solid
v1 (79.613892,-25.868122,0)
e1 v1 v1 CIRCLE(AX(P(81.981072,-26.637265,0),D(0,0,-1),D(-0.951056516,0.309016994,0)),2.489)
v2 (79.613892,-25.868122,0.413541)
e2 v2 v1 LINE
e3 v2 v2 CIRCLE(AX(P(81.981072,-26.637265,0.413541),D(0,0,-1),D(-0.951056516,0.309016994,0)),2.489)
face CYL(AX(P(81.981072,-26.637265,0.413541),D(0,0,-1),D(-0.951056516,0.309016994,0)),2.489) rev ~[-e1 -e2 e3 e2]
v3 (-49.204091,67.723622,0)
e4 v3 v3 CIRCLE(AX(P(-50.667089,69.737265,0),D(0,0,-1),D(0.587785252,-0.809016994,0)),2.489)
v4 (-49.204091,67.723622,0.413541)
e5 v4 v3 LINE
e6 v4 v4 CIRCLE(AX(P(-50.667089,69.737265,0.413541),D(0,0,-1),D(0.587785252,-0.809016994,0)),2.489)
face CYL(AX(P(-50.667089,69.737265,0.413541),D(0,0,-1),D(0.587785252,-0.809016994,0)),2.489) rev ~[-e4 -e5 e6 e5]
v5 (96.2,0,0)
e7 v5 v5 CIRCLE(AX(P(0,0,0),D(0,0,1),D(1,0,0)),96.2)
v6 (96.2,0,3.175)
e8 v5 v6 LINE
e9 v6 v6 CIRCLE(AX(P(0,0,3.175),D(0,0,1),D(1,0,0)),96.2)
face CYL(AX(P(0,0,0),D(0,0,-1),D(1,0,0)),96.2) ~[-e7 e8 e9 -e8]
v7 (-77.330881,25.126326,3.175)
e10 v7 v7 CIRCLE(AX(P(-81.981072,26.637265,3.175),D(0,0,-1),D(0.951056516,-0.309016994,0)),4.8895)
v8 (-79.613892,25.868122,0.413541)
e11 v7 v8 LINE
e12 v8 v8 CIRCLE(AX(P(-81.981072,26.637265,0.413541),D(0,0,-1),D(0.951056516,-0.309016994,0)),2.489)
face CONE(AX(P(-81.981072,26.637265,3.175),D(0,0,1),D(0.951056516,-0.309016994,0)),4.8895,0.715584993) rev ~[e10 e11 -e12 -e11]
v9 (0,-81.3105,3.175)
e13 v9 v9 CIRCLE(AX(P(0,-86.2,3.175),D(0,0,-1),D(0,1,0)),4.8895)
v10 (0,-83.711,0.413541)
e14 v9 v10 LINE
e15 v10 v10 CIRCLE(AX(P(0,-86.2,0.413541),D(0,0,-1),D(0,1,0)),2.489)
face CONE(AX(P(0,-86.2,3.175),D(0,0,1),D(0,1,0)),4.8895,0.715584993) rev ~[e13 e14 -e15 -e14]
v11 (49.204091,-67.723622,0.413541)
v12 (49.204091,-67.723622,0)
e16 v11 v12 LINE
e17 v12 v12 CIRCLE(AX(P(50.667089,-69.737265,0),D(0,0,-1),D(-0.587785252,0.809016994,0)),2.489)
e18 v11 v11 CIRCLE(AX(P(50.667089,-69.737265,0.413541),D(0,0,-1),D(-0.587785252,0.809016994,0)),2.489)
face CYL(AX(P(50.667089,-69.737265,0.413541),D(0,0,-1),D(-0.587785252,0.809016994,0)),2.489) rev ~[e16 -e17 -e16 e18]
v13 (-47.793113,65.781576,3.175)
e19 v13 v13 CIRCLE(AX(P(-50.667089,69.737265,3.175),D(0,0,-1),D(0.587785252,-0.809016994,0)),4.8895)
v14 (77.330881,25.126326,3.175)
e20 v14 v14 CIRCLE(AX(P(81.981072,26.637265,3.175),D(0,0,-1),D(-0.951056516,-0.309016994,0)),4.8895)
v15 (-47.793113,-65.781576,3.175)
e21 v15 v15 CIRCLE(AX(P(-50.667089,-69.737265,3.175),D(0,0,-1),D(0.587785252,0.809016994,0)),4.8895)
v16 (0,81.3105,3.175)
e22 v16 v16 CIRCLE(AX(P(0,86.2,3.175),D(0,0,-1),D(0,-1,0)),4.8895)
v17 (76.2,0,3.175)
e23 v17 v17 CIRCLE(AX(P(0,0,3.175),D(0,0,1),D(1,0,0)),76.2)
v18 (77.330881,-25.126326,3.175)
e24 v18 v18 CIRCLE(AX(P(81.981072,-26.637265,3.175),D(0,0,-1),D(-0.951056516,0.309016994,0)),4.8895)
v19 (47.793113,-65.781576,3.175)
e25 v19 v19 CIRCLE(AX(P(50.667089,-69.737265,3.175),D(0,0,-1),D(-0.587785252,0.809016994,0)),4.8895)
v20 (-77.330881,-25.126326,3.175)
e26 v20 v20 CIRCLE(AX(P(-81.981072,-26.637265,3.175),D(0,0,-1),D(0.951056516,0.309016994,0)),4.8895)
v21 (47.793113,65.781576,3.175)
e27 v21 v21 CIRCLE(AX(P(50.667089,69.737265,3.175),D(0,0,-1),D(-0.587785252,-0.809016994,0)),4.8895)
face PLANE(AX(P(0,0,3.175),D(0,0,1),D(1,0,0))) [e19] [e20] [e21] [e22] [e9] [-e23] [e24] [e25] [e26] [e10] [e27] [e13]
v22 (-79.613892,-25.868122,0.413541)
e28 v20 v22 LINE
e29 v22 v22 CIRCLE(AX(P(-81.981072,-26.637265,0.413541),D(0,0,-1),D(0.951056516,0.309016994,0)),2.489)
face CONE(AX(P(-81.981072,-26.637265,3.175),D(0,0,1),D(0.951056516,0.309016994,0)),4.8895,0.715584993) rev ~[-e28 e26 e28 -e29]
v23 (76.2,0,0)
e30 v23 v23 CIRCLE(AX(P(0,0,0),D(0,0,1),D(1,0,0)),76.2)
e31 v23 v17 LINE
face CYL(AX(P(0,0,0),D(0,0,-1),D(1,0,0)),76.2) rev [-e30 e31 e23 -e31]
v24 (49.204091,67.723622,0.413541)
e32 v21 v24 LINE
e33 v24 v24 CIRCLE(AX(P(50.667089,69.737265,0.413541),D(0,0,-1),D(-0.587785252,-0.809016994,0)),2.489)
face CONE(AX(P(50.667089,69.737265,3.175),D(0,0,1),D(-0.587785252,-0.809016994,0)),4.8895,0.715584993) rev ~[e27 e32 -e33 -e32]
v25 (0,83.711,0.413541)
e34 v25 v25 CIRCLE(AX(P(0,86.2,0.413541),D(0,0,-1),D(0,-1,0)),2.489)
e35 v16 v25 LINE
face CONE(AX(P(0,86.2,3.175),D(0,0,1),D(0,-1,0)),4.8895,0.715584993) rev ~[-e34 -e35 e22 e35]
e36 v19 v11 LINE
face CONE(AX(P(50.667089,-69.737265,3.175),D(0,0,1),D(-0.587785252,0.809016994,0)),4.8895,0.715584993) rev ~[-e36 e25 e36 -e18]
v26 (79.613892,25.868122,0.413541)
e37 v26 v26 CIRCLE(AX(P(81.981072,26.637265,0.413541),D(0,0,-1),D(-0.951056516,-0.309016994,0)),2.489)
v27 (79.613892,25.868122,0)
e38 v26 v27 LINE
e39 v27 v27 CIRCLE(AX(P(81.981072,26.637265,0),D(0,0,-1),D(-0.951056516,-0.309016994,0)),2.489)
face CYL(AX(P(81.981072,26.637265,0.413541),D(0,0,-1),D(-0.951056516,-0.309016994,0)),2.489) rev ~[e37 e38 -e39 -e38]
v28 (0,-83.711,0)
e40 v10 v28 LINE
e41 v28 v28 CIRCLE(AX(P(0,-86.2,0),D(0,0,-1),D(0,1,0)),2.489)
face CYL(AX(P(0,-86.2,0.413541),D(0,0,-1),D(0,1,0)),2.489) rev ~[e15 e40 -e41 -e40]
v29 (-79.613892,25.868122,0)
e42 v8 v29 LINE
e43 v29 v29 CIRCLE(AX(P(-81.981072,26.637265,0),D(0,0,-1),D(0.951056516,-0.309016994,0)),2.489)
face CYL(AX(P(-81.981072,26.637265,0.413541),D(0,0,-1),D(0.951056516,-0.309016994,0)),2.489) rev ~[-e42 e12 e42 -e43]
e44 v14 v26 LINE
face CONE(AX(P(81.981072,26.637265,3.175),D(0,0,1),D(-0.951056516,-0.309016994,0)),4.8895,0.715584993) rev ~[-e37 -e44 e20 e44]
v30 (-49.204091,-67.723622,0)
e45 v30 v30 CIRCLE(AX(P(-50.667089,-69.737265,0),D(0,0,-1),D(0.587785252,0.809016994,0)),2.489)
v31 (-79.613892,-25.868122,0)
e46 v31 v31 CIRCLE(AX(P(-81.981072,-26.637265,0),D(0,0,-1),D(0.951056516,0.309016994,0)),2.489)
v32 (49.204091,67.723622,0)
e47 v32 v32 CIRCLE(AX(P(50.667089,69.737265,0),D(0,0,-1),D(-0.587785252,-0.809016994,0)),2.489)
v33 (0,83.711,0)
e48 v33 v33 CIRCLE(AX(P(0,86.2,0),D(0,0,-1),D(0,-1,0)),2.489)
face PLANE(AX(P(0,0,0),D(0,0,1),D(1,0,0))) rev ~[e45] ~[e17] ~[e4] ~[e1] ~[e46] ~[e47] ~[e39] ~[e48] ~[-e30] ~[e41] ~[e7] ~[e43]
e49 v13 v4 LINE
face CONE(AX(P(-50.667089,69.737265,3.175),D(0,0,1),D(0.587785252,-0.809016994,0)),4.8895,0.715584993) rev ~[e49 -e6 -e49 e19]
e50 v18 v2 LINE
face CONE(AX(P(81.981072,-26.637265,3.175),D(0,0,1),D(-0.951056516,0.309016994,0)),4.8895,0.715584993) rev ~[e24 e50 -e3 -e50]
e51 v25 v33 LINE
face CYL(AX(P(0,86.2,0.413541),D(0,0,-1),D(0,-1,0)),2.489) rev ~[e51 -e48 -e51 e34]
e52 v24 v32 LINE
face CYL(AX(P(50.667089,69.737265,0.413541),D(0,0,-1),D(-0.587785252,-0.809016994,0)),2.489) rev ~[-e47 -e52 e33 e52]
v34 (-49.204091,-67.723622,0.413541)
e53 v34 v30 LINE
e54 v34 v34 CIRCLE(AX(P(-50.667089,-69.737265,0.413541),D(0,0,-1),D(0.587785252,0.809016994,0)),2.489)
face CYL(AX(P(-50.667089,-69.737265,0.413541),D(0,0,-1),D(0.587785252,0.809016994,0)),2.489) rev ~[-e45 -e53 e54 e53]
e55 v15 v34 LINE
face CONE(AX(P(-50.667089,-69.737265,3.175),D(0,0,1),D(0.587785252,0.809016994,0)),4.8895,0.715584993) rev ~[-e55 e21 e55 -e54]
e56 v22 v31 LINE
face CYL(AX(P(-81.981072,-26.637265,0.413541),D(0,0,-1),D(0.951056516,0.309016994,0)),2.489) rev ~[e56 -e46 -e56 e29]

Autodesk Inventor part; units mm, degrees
ref_plane "YZ Plane" through (0, 0, 0) normal (1, 0, 0) x (0, 1, 0)
ref_plane "XZ Plane" through (0, 0, 0) normal (0, 1, 0) x (-1, 0, 0)
ref_plane "XY Plane" through (0, 0, 0) normal (0, 0, 1) x (1, 0, 0)
sketch "Sketch1" plane through (0, 0, 0) normal (0, 0, 1) x (1, 0, 0)
  circle A0 centre (0, 0) radius 76.2
  circle A1 centre (0, 0) radius 96.2
  dimension "d0" = 152.4
  dimension "d1" = 20
extrude "Extrusion1" add sketch "Sketch1" along normal blind 3.175
sketch "Sketch2" plane through (0, 0, 3.175) normal (0, 0, 1) x (1, 0, 0)
  circle A0 centre (0, 0) radius 76.2 projected
  circle A1 centre (0, 0) radius 96.2 projected
  circle A2 centre (0, 0) radius 76.2 projected
  line L0 (0, 76.2) -> (0, 96.2)
  point P0 (0, 86.2)
  point P1 (0, 86.2)
hole "Hole1" at (0, 86.2, 3.175) direction (0, 0, -1) diameter 4.978 depth 8 tip angle 118 countersink diameter 9.779 countersink angle 82 clearance for "Flat Head Machine Screw (82)" size "#10" standard "Ansi Unified Screw Threads"
pattern_circular "Circular Pattern1" count 10 over 360 about axis through (0, 0, 0) along (0, 0, 1) of "Hole1"
properties part number "1134_RU O Ring Cap_V1" material "Aluminum 6061"
